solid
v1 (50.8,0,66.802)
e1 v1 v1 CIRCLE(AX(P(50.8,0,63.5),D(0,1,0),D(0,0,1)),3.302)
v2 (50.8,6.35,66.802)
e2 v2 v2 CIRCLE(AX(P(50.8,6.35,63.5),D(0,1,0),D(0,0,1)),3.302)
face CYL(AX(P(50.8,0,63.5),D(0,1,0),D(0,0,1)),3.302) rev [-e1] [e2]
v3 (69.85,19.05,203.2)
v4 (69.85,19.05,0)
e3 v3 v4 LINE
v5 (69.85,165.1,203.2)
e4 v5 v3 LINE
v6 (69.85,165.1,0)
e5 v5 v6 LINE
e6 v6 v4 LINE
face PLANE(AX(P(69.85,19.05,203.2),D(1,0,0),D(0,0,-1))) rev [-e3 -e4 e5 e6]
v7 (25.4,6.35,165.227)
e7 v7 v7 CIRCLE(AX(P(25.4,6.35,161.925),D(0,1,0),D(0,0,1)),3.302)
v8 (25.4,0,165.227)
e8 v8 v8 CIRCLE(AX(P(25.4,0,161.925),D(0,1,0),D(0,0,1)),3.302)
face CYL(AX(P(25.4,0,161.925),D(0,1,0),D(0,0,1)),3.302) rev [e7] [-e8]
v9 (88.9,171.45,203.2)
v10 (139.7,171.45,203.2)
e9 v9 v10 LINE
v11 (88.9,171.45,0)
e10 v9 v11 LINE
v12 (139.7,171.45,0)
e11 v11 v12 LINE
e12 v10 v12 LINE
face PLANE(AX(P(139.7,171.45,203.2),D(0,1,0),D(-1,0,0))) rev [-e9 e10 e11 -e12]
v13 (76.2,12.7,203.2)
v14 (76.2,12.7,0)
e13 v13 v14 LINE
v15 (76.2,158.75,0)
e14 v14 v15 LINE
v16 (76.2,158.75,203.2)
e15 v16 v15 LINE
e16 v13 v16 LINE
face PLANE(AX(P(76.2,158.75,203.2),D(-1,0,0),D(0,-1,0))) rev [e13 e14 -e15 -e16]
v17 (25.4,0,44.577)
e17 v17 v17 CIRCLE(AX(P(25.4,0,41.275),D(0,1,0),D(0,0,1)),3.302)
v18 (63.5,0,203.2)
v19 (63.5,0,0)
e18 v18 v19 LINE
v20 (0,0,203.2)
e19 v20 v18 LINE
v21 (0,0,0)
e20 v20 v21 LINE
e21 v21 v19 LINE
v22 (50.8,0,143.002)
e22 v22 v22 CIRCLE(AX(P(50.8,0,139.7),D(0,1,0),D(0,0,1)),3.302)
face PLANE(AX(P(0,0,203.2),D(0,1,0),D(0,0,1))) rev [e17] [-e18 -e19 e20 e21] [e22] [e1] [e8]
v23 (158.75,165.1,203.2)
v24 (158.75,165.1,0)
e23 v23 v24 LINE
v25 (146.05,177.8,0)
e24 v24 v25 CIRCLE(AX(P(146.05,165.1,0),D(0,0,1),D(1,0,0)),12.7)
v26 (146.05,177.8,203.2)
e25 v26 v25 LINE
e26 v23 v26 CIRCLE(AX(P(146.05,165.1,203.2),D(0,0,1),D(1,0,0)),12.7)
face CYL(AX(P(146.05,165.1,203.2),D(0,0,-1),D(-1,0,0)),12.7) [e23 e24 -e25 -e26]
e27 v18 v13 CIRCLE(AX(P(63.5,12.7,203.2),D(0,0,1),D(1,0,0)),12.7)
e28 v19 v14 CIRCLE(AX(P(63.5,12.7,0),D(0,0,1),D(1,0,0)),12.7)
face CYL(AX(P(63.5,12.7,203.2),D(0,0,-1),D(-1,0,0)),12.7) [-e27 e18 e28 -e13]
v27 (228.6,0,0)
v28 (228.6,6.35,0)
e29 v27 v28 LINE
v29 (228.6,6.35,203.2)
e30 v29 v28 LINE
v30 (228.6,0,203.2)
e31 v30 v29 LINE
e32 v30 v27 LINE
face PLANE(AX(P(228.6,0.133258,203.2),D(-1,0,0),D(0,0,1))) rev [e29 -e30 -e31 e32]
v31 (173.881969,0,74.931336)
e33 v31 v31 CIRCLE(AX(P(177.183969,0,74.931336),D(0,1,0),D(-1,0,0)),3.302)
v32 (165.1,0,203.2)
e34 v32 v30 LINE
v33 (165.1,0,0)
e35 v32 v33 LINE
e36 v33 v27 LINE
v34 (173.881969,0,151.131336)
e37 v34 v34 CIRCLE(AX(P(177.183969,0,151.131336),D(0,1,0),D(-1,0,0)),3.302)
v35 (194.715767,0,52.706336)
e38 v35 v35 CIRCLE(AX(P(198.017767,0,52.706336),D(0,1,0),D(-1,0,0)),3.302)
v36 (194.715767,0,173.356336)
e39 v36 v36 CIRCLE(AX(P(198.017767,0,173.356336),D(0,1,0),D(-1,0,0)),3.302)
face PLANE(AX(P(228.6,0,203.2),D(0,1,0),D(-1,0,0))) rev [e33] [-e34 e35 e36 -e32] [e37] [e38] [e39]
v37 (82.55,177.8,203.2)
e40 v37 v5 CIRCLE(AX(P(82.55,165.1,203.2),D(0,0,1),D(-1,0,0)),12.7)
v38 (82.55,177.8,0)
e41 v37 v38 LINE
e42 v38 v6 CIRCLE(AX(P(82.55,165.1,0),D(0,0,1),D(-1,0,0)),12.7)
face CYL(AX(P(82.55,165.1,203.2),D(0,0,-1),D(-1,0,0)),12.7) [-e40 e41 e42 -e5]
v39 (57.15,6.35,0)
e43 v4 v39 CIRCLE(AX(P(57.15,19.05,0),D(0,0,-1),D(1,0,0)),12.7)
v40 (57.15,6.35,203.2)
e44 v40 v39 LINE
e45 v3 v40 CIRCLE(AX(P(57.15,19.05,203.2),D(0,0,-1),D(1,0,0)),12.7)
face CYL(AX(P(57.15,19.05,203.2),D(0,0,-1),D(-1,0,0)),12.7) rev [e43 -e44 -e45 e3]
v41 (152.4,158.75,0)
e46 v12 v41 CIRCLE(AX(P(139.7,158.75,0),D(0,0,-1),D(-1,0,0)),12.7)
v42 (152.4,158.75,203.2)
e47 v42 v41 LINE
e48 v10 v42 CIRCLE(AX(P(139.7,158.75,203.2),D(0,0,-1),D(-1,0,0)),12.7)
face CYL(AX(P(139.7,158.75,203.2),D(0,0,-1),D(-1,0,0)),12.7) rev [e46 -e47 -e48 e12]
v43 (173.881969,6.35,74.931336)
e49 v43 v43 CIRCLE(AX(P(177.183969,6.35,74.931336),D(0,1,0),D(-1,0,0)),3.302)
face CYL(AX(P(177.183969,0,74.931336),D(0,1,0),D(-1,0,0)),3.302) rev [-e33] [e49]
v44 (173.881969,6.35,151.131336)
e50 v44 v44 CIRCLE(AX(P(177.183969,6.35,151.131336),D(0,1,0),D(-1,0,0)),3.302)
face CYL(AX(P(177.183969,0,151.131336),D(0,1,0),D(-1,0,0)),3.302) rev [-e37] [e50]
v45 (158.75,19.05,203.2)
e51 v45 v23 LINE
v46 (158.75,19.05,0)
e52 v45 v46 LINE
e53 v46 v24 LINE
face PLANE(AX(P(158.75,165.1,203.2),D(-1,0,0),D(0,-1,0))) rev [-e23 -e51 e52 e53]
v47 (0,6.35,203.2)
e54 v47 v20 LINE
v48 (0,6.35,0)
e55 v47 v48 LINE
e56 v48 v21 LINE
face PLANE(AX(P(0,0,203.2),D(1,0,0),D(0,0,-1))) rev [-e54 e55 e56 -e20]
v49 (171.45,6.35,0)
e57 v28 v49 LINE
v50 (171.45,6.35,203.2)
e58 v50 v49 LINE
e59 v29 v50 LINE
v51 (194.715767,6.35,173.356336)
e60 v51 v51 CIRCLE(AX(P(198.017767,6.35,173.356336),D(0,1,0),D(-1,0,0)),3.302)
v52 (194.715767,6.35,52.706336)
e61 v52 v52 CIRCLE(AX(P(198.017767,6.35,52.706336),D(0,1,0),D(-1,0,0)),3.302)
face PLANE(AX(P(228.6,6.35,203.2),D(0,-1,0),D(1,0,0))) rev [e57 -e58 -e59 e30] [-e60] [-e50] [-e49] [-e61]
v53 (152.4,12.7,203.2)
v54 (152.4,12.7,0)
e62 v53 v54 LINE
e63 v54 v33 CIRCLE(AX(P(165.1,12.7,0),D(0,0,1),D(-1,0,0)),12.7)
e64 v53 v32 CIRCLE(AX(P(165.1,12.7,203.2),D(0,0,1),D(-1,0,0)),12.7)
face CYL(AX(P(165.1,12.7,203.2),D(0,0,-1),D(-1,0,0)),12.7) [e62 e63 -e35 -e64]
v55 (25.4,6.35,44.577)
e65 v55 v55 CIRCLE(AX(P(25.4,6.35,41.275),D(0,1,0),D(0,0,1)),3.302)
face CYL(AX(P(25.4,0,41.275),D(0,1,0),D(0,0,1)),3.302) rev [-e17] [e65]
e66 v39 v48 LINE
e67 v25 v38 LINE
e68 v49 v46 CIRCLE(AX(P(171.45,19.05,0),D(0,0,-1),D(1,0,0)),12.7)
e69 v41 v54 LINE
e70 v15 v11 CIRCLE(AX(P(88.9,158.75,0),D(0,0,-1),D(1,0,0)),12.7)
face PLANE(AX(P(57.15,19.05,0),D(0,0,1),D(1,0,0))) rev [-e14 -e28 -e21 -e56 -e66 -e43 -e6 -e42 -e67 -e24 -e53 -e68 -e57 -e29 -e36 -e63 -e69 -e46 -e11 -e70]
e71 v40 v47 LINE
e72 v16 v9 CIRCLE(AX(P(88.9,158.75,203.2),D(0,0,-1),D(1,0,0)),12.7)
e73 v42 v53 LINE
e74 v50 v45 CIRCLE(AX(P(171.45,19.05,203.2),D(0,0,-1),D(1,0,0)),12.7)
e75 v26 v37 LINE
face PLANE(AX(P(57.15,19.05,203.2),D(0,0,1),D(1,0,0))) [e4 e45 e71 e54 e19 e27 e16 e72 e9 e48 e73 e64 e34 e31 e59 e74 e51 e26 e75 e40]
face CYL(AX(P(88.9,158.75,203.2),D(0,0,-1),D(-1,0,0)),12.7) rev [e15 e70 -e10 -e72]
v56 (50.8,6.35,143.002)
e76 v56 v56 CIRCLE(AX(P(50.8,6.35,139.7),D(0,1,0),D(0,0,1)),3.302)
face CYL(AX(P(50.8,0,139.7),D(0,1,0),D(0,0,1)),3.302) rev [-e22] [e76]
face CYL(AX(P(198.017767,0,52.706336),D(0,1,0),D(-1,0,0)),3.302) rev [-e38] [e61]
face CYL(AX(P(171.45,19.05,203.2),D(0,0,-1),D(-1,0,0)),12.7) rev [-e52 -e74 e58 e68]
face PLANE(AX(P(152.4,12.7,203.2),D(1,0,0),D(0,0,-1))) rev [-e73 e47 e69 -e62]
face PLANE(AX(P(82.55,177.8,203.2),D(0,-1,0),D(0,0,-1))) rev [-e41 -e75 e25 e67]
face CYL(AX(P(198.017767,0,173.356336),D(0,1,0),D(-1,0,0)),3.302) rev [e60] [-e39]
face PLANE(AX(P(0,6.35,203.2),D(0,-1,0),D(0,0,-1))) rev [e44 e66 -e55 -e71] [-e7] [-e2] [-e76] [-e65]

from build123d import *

# Parameters (mm, degrees)
EXTRUDE1_DEPTH     = 203.2
SKETCH3_R          = 3.302
CUT_EXTRUDE1_DEPTH = 6.35
SKETCH4_R          = 3.302
CUT_EXTRUDE2_DEPTH = 6.35


with BuildPart() as part:
    # Sketch1 → Extrude1 (new body)
    with BuildSketch(Plane.XY):
        with BuildLine():
            Line((0, 0), (63.5, 0))
            ThreePointArc((63.5, 0), (72.480256121, 3.719743879), (76.2, 12.7))
            Line((76.2, 12.7), (76.2, 158.75))
            ThreePointArc((76.2, 158.75), (79.919743879, 167.730256121), (88.9, 171.45))
            Line((88.9, 171.45), (139.7, 171.45))
            ThreePointArc((139.7, 171.45), (148.680256121, 167.730256121), (152.4, 158.75))
            Line((152.4, 158.75), (152.4, 12.7))
            ThreePointArc((152.4, 12.7), (156.119743879, 3.719743879), (165.1, 0))
            Line((165.1, 0), (228.6, 0))
            Line((228.6, 0), (228.6, 0.133258461))
            Line((228.6, 0.133258461), (228.6, 6.35))
            Line((228.6, 6.35), (171.45, 6.35))
            ThreePointArc((171.45, 6.35), (162.469743879, 10.069743879), (158.75, 19.05))
            Line((158.75, 19.05), (158.75, 165.1))
            ThreePointArc((158.75, 165.1), (155.030256121, 174.080256121), (146.05, 177.8))
            Line((146.05, 177.8), (82.55, 177.8))
            ThreePointArc((82.55, 177.8), (73.569743879, 174.080256121), (69.85, 165.1))
            Line((69.85, 165.1), (69.85, 19.05))
            ThreePointArc((69.85, 19.05), (66.130256121, 10.069743879), (57.15, 6.35))
            Line((57.15, 6.35), (0, 6.35))
            Line((0, 6.35), (0, 0))
        make_face()
    extrude(amount=EXTRUDE1_DEPTH)

    # Sketch3 → Cut-Extrude1 (cut)
    with BuildSketch(Plane(origin=(0, 6.35, 0), x_dir=(-1, 0, 0), z_dir=(0, 1, 0))):
        with Locations((-25.4, 41.275)):
            Circle(SKETCH3_R)
        with Locations((-50.8, 63.5)):
            Circle(SKETCH3_R)
        with Locations((-25.4, 161.925)):
            Circle(SKETCH3_R)
        with Locations((-50.8, 139.7)):
            Circle(SKETCH3_R)
    extrude(amount=-CUT_EXTRUDE1_DEPTH, mode=Mode.SUBTRACT)

    # Sketch4 → Cut-Extrude2 (cut)
    with BuildSketch(Plane(origin=(0, 6.35, 0), x_dir=(-1, 0, 0), z_dir=(0, 1, 0))):
        with Locations((-177.183969253, 74.931336249)):
            Circle(SKETCH4_R)
        with Locations((-177.183969253, 151.131336249)):
            Circle(SKETCH4_R)
        with Locations((-198.01776745, 52.706336249)):
            Circle(SKETCH4_R)
        with Locations((-198.01776745, 173.356336249)):
            Circle(SKETCH4_R)
    extrude(amount=-CUT_EXTRUDE2_DEPTH, mode=Mode.SUBTRACT)


solid = part.part
